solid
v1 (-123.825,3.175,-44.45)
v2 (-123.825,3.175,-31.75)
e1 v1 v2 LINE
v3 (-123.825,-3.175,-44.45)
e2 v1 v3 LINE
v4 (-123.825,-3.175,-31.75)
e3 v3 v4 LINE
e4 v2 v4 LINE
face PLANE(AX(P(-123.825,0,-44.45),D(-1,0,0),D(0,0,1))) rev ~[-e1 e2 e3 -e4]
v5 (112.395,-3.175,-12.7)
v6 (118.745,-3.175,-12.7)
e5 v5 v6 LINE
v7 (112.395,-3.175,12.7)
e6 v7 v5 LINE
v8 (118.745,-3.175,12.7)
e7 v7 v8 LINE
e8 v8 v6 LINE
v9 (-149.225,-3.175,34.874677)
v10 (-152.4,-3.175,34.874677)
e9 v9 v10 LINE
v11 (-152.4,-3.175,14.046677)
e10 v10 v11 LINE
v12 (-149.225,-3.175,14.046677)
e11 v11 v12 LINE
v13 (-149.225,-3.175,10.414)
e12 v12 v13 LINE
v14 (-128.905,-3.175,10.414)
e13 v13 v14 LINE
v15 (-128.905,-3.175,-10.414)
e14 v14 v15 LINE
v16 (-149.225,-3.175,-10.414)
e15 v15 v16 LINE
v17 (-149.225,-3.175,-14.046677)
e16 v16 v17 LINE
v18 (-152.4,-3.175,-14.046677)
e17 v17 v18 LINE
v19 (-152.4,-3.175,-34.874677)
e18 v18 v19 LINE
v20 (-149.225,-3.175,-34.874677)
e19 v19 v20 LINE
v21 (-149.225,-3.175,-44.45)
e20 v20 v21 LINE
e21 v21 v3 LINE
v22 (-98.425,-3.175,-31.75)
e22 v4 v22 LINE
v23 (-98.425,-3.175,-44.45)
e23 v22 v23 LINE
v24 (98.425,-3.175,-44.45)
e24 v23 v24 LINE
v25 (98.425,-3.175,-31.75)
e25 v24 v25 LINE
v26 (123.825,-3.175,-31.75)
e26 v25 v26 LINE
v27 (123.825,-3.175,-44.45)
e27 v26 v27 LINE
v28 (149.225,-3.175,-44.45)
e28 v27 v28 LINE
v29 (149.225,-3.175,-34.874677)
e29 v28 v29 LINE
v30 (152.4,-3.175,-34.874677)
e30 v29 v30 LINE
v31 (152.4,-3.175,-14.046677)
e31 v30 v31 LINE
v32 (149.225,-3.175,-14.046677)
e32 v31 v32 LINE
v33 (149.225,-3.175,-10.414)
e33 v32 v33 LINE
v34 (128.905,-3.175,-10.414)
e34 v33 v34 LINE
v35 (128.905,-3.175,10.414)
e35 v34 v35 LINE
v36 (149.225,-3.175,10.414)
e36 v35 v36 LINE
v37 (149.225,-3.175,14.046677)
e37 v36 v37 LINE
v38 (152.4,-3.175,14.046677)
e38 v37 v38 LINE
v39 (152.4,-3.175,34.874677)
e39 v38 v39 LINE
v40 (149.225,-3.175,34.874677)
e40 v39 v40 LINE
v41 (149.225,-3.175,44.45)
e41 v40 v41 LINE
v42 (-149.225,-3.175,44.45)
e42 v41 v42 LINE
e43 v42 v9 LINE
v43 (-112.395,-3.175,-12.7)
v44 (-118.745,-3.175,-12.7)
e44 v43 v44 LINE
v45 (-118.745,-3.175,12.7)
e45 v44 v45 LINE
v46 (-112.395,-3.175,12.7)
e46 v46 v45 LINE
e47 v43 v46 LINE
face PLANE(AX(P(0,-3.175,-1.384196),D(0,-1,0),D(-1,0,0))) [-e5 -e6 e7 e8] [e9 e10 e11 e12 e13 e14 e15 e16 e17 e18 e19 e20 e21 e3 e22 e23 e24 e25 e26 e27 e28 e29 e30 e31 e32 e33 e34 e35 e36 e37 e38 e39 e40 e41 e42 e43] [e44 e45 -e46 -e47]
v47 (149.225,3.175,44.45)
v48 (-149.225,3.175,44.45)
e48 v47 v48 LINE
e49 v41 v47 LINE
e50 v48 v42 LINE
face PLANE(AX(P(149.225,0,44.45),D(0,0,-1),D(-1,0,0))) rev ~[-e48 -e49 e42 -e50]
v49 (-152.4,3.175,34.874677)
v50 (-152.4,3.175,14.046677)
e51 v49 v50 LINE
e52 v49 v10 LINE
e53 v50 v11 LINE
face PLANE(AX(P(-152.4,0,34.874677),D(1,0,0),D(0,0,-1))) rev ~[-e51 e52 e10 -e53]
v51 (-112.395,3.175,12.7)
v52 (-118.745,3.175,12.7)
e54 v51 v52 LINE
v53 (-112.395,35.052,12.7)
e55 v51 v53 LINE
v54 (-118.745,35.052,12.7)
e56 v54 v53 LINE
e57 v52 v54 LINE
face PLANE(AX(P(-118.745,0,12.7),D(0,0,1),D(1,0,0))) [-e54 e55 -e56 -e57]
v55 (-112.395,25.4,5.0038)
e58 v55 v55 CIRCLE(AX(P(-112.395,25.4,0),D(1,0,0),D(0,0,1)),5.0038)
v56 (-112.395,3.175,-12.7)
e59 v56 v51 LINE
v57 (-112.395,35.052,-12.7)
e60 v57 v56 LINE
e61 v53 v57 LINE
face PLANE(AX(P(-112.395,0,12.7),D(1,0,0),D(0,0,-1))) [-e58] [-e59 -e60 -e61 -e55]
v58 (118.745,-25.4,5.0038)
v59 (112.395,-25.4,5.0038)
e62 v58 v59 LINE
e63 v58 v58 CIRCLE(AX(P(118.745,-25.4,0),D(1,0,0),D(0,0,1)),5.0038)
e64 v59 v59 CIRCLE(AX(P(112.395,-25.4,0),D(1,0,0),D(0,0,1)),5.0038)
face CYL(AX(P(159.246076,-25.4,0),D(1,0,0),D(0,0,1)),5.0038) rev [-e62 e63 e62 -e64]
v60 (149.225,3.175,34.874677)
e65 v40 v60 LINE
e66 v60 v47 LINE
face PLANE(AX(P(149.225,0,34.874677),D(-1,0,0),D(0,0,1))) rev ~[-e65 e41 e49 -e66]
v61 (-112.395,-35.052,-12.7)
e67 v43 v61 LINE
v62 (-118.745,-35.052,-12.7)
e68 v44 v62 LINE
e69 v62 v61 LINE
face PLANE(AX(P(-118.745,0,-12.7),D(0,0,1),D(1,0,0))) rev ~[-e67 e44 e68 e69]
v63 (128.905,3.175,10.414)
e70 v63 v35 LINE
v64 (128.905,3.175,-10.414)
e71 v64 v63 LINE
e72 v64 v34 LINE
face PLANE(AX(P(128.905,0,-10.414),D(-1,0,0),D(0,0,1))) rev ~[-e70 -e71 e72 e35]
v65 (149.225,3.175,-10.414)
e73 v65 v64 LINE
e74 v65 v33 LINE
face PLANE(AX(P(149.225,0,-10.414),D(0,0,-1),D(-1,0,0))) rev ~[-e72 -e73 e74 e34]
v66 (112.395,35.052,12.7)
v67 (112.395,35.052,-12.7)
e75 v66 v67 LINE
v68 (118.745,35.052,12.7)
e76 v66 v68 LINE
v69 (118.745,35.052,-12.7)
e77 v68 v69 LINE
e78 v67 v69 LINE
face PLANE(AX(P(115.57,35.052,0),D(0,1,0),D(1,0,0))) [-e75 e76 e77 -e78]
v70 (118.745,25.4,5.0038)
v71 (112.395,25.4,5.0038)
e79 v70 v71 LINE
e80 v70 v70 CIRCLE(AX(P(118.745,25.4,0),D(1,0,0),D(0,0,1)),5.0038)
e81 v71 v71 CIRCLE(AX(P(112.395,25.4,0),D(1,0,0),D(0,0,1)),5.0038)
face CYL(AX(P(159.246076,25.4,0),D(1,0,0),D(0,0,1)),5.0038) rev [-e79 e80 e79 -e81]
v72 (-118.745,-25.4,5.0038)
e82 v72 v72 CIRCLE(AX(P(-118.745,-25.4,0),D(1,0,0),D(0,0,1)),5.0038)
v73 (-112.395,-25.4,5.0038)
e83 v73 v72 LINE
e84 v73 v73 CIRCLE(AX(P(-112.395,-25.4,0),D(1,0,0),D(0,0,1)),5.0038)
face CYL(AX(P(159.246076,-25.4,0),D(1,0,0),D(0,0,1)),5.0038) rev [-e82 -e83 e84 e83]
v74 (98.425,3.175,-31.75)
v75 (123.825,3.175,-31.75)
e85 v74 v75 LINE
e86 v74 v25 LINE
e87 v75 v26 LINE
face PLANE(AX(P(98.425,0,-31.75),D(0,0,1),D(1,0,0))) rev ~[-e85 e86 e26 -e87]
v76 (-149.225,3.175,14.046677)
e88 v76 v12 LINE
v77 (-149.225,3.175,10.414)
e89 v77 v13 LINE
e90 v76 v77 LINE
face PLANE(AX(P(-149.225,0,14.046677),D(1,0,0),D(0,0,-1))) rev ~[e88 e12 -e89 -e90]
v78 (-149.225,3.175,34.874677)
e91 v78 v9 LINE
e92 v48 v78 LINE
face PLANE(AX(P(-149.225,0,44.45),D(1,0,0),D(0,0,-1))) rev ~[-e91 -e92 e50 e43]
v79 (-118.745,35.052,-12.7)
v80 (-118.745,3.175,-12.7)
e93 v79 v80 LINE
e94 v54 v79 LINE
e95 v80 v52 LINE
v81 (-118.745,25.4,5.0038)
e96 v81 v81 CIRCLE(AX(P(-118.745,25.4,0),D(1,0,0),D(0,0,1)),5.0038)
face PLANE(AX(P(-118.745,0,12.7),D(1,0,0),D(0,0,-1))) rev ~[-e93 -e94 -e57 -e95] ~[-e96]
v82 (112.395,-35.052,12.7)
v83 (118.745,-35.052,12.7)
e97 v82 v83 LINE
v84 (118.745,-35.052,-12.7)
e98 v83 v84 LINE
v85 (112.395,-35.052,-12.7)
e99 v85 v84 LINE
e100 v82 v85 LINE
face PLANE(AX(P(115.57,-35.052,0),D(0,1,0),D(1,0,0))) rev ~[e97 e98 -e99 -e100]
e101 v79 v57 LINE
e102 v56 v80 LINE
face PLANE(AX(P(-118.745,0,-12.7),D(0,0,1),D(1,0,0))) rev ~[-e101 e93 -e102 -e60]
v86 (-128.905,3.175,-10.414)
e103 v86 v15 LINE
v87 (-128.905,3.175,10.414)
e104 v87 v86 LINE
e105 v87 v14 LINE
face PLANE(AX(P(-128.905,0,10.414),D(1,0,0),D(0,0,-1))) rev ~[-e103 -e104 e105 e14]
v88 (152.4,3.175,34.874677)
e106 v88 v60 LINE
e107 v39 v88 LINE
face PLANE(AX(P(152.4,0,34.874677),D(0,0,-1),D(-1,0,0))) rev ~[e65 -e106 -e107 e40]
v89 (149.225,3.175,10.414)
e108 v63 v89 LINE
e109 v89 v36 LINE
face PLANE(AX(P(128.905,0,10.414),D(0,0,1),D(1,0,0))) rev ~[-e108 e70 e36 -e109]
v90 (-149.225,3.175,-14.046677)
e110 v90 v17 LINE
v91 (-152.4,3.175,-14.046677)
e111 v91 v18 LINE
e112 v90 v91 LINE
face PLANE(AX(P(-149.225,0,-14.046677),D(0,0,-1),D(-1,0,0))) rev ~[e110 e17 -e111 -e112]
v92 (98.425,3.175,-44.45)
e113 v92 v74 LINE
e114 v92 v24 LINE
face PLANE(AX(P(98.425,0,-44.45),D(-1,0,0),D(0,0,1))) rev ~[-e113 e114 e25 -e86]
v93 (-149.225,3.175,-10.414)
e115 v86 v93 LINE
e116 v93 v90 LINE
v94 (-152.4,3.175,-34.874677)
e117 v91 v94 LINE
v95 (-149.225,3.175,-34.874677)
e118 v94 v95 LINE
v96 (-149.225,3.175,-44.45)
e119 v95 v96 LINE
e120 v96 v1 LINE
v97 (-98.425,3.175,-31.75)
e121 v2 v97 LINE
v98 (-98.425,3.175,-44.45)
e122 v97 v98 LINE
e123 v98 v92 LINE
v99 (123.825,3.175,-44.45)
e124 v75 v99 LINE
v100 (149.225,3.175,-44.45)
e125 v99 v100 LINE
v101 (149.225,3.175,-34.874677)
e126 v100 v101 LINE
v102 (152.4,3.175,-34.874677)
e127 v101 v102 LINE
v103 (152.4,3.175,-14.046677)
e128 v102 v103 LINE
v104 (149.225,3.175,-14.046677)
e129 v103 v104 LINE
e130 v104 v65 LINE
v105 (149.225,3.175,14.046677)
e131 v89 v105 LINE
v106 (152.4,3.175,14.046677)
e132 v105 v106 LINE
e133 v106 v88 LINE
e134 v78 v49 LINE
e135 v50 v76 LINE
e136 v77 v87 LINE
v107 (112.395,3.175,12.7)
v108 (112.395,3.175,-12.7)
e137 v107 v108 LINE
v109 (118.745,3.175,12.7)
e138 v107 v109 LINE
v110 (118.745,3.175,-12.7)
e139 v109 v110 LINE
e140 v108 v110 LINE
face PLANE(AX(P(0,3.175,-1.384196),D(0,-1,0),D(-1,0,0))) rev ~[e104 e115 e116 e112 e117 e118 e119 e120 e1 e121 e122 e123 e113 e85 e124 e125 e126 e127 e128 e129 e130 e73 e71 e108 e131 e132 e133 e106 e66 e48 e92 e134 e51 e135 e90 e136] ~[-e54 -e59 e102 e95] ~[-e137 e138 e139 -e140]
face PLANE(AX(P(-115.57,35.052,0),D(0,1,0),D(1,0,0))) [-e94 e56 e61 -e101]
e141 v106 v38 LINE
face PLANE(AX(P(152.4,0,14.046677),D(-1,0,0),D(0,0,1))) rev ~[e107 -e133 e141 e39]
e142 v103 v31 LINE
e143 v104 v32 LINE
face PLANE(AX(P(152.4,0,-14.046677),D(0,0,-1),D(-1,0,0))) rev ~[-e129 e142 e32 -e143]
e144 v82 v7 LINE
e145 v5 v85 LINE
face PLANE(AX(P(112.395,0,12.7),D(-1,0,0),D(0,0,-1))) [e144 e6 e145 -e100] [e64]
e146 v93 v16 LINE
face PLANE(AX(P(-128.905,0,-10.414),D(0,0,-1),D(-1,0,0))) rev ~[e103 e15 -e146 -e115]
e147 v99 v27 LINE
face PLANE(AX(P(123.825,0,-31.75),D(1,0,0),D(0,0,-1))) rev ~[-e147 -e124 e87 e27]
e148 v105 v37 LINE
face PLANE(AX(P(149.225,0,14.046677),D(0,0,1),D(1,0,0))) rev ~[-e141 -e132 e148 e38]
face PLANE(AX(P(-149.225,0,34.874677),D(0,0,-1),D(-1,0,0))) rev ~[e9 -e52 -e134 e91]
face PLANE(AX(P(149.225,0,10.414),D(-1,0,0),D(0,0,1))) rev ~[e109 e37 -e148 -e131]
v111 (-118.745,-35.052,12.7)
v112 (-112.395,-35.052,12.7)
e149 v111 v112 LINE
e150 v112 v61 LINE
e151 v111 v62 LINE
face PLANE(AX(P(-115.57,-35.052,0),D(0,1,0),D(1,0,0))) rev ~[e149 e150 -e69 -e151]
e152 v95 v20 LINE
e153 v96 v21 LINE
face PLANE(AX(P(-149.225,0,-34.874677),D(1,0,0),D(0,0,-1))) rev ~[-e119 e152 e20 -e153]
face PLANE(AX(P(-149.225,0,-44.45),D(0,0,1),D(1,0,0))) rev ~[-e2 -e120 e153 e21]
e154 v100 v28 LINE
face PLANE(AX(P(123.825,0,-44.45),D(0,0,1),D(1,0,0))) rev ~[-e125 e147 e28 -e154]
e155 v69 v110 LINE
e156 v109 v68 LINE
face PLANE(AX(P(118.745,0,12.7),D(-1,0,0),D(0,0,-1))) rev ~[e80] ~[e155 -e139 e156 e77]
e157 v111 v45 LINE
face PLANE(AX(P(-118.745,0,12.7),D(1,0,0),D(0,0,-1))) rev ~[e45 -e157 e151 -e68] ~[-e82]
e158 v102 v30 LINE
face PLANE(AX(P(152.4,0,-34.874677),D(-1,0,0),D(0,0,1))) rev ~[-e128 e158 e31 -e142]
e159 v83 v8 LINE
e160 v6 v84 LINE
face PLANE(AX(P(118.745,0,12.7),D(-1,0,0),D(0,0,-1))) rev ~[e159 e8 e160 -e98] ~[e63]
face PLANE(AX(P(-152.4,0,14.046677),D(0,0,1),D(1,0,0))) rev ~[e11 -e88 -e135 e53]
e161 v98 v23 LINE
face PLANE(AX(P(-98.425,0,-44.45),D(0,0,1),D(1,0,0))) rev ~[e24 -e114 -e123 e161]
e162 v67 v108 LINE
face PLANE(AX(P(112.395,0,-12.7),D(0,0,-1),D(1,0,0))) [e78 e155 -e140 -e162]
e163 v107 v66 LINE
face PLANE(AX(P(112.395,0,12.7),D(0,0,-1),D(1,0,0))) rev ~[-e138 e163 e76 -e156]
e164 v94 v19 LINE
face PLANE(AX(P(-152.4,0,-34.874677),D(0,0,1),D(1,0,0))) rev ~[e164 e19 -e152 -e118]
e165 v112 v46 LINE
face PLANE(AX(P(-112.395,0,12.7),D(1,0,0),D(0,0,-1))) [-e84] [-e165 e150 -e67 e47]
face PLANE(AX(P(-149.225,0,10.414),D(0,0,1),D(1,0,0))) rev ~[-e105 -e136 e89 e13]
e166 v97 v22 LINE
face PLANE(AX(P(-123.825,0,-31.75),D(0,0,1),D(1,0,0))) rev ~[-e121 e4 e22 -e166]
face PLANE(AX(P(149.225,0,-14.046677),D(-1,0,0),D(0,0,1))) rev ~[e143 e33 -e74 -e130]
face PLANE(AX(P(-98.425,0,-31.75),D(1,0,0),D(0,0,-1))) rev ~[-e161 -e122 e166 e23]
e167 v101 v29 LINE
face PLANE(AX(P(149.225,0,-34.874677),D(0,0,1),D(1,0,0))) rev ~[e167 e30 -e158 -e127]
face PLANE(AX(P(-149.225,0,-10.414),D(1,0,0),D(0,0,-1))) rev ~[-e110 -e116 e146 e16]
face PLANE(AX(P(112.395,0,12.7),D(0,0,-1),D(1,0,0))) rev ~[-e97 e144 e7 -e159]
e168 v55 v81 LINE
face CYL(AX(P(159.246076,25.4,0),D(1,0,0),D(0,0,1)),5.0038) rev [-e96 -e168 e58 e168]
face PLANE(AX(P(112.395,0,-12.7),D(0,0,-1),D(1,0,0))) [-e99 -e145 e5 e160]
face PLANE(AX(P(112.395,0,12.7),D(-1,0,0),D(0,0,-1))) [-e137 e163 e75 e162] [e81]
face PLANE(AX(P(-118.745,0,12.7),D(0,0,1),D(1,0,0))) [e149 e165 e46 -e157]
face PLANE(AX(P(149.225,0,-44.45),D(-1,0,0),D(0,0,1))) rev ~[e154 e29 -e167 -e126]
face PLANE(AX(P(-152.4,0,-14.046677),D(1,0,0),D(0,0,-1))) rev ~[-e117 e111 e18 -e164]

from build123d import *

# Parameters (mm, degrees)
BOSS_EXTRUDE1_DEPTH     = 3.175
SKETCH2_W               = 6.35
SKETCH2_H               = 25.4
BOSS_EXTRUDE2_DEPTH     = 35.052
CUT_EXTRUDE1_DEPTH      = 277.991076082
CUT_EXTRUDE1_DEPTH_BACK = 277.991076082
SKETCH5_R               = 5.0038


with BuildPart() as part:
    # Sketch1 → Boss-Extrude1 (new, symmetric)
    with BuildSketch(Plane(origin=(0, 0, 0), x_dir=(1, 0, 0), z_dir=(0, 1, 0))):
        Polygon((149.225, -44.45), (-149.225, -44.45), (-149.225, -34.874677354), (-152.4, -34.874677354), (-152.4, -14.046677354), (-149.225, -14.046677354), (-149.225, -10.414), (-128.905, -10.414), (-128.905, 10.414), (-149.225, 10.414), (-149.225, 14.046677354), (-152.4, 14.046677354), (-152.4, 34.874677354), (-149.225, 34.874677354), (-149.225, 44.45), (-123.825, 44.45), (-123.825, 31.75), (-98.425, 31.75), (-98.425, 44.45), (98.425, 44.45), (98.425, 31.75), (123.825, 31.75), (123.825, 44.45), (149.225, 44.45), (149.225, 34.874677354), (152.4, 34.874677354), (152.4, 14.046677354), (149.225, 14.046677354), (149.225, 10.414), (128.905, 10.414), (128.905, -10.414), (149.225, -10.414), (149.225, -14.046677354), (152.4, -14.046677354), (152.4, -34.874677354), (149.225, -34.874677354), align=None)
    extrude(amount=BOSS_EXTRUDE1_DEPTH, both=True)

    # Sketch2 → Boss-Extrude2 (add, symmetric)
    with BuildSketch(Plane(origin=(0, 0, 0), x_dir=(1, 0, 0), z_dir=(0, 1, 0))):
        with Locations((115.57, 0)):
            Rectangle(SKETCH2_W, SKETCH2_H)
        with Locations((-115.57, 0)):
            Rectangle(SKETCH2_W, SKETCH2_H)
    extrude(amount=BOSS_EXTRUDE2_DEPTH, both=True)

    # Sketch5 → Cut-Extrude1 (cut, two sides: drawn at the far end of the back side and taken through both)
    with BuildSketch(Plane.ZY.offset(118.745).offset(-CUT_EXTRUDE1_DEPTH_BACK)):
        with Locations((0, 25.4)):
            Circle(SKETCH5_R)
        with Locations((0, -25.4)):
            Circle(SKETCH5_R)
    extrude(amount=CUT_EXTRUDE1_DEPTH + CUT_EXTRUDE1_DEPTH_BACK, mode=Mode.SUBTRACT)


solid = part.part
